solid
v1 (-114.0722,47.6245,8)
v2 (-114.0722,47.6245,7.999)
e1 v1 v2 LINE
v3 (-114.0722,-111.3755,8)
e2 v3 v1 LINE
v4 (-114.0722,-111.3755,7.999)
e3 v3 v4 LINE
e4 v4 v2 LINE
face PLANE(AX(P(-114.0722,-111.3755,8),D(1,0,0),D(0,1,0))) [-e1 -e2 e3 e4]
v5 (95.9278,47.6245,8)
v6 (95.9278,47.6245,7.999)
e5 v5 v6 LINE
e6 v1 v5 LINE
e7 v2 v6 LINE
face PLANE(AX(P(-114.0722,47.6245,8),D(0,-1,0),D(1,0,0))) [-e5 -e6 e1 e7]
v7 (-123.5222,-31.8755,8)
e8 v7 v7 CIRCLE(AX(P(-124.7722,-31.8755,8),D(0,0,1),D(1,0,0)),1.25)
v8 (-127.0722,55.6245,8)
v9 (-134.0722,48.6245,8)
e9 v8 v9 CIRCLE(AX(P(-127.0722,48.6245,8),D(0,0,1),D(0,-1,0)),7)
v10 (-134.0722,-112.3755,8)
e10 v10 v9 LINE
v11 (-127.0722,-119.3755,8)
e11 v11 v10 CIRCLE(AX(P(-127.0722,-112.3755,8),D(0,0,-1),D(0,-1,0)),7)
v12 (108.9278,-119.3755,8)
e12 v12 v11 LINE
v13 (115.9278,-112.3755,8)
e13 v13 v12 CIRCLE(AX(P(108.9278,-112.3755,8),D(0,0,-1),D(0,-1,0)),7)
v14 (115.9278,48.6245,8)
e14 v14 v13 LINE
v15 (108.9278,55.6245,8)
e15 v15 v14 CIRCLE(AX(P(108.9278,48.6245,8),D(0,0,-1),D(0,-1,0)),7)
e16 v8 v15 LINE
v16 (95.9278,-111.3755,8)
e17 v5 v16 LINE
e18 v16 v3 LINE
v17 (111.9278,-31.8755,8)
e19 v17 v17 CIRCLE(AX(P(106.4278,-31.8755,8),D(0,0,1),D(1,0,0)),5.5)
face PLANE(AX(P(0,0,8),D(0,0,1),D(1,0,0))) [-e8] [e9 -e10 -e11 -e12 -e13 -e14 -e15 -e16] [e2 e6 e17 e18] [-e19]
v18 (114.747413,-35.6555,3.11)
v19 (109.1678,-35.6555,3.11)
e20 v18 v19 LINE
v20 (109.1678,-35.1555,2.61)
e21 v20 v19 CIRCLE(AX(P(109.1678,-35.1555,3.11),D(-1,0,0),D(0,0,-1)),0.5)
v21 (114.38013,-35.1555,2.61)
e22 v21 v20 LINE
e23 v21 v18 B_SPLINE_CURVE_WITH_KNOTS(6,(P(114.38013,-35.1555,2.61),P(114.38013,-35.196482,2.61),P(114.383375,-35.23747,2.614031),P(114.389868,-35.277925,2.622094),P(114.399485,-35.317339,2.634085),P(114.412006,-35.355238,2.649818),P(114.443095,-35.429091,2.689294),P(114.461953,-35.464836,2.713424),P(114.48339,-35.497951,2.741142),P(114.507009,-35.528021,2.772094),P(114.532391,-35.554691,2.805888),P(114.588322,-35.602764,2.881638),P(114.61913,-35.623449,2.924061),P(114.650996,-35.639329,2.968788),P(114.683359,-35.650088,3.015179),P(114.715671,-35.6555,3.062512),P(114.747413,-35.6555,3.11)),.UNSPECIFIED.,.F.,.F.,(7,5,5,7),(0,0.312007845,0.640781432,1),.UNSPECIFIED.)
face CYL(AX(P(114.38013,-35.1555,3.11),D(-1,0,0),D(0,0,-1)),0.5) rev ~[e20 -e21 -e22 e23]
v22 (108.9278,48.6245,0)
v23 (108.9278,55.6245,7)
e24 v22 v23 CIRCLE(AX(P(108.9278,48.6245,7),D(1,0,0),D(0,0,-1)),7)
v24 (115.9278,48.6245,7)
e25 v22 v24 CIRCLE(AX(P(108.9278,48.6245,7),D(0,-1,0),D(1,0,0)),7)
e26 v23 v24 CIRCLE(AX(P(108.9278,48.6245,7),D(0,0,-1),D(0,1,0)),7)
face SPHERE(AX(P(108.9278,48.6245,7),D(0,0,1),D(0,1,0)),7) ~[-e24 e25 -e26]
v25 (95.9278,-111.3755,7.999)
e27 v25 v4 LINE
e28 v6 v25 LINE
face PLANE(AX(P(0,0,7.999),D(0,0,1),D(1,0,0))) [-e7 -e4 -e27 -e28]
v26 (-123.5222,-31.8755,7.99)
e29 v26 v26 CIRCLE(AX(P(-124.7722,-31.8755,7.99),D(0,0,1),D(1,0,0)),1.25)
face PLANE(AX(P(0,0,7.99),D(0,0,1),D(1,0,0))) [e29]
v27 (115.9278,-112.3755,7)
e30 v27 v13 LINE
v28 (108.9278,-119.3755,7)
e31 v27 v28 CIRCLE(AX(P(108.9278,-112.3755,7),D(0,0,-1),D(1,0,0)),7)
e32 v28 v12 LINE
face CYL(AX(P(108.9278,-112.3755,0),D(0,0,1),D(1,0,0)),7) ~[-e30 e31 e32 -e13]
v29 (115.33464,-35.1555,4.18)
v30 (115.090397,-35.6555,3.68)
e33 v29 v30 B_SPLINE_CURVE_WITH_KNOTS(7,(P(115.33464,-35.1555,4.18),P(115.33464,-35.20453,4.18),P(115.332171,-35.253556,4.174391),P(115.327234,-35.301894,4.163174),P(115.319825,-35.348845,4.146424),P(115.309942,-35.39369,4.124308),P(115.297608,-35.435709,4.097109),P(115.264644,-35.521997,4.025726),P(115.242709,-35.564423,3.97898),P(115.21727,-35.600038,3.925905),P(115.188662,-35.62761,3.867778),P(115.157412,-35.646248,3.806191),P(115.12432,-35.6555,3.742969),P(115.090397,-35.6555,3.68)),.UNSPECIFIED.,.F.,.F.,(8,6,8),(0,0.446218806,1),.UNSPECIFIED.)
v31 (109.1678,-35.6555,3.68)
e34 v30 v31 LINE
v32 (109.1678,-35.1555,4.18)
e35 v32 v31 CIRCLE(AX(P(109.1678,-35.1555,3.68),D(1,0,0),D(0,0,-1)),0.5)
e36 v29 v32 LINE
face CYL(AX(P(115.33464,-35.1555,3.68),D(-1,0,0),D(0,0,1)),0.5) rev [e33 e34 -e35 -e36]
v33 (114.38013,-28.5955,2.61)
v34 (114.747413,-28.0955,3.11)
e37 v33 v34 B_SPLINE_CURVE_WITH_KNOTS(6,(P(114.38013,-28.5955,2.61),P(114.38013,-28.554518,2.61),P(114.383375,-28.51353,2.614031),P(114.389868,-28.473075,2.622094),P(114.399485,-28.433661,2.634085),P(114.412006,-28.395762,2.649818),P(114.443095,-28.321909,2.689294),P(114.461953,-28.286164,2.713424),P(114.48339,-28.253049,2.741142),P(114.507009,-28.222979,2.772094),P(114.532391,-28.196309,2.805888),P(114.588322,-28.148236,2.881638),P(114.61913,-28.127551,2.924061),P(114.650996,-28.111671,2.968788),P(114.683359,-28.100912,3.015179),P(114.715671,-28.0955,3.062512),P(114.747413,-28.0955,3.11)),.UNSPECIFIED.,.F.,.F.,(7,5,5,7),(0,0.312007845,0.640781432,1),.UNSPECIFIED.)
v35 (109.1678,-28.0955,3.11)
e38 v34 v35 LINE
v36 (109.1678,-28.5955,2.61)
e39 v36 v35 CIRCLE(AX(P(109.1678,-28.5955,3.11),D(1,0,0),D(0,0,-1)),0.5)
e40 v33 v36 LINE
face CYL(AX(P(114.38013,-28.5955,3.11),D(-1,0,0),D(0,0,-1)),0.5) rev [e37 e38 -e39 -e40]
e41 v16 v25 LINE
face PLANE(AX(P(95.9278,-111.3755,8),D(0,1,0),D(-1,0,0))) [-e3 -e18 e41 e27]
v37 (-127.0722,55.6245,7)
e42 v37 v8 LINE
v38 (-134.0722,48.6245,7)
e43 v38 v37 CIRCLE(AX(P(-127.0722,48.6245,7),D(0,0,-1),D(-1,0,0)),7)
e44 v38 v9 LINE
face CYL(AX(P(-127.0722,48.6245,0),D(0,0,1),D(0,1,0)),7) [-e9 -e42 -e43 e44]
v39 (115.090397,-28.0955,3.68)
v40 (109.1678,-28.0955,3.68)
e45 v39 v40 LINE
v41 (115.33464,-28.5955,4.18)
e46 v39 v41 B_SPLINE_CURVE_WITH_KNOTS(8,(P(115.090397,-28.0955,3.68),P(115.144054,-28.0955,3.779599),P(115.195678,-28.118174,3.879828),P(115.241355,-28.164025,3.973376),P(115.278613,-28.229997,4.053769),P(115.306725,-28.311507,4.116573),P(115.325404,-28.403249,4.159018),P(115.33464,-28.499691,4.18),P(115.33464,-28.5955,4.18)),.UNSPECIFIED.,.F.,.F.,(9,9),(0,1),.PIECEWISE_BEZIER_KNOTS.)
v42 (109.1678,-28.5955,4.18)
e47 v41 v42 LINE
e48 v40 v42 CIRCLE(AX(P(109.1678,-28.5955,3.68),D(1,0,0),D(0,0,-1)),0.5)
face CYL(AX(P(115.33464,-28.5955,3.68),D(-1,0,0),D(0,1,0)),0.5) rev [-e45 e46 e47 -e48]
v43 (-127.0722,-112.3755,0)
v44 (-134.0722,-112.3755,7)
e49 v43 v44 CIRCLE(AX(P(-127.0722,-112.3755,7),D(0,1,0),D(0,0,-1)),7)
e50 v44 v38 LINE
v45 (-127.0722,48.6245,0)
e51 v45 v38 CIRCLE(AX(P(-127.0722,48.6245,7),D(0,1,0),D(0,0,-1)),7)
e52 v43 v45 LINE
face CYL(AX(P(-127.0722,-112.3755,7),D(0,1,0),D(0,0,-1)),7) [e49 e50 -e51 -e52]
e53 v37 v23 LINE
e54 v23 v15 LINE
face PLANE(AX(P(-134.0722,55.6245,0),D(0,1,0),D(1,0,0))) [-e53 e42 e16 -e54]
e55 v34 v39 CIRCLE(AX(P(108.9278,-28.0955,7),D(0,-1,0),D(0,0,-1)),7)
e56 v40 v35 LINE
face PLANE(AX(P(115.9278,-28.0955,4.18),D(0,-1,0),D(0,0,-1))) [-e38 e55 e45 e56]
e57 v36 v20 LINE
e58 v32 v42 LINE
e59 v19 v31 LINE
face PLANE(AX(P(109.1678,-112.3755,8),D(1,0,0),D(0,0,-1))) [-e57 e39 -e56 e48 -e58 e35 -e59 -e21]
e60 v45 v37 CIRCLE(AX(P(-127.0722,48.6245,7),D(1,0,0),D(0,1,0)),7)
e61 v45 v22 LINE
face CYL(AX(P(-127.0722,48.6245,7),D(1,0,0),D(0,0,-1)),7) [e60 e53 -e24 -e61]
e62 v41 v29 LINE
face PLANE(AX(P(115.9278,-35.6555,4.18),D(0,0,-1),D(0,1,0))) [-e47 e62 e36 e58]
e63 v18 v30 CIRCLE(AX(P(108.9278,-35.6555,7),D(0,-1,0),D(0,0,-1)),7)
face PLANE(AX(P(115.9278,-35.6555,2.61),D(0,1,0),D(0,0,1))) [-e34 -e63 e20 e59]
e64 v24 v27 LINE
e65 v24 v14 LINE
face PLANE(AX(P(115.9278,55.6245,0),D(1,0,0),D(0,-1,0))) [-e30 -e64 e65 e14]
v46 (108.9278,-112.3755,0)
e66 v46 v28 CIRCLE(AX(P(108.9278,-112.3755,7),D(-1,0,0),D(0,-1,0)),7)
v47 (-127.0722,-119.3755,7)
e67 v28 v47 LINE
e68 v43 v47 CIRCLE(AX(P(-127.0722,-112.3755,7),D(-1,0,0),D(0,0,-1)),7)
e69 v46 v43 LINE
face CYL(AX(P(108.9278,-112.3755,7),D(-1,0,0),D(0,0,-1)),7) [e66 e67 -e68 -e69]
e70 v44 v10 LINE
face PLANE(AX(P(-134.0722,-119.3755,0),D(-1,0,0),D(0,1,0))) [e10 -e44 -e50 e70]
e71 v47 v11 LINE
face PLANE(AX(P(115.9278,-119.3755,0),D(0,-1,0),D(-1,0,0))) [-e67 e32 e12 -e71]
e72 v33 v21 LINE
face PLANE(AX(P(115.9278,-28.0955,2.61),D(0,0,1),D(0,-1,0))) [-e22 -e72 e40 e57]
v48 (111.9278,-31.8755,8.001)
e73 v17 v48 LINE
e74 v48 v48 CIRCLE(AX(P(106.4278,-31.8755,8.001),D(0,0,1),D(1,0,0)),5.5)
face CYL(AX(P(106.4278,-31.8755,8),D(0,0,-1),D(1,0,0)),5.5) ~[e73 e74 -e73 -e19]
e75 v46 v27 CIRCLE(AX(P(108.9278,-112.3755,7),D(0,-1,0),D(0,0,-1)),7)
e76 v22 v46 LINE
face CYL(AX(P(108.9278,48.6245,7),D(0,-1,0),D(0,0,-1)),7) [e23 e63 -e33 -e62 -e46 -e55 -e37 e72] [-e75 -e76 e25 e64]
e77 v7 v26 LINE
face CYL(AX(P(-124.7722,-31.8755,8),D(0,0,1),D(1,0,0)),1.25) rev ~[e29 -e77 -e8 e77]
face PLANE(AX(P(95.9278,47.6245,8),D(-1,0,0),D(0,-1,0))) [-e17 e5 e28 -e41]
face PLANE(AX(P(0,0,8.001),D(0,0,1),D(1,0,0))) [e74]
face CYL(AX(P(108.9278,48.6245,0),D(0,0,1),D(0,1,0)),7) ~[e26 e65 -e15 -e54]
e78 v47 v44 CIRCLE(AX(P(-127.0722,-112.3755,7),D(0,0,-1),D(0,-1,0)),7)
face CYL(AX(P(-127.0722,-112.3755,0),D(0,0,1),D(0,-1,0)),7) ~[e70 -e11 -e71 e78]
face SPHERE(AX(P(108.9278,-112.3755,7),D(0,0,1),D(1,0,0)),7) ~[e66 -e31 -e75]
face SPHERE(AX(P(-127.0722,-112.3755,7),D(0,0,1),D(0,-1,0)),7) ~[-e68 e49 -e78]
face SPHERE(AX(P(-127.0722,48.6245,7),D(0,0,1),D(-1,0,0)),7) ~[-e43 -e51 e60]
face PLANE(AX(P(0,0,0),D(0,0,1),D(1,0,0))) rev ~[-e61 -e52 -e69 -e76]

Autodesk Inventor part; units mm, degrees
ref_plane "YZ Plane" through (0, 0, 0) normal (1, 0, 0) x (0, 1, 0)
ref_plane "XZ Plane" through (0, 0, 0) normal (0, 1, 0) x (-1, 0, 0)
ref_plane "XY Plane" through (0, 0, 0) normal (0, 0, 1) x (1, 0, 0)
sketch "スケッチ1" plane through (0, 0, 0) normal (0, 0, 1) x (1, 0, 0)
  line L0 (-134.0722, 55.6245) -> (115.9278, 55.6245)
  line L1 (115.9278, 55.6245) -> (115.9278, -119.3755)
  line L2 (115.9278, -119.3755) -> (-134.0722, -119.3755)
  line L3 (-134.0722, -119.3755) -> (-134.0722, 55.6245)
  point P0 (0, 0)
  dimension "d0" = 250
  dimension "d1" = 175
extrude "押し出し1" add sketch "スケッチ1" along normal blind 8
fillet "フィレット1" radius 7 4 edges at (115.9278, 55.6245, 4) (-134.0722, 55.6245, 4) (-134.0722, -119.3755, 4) (115.9278, -119.3755, 4)
fillet "フィレット2" radius 7 8 edges at (-134.0722, -31.8755, 0) (-132.0219, -117.3252, 0) (-9.0722, -119.3755, 0) (113.8775, -117.3252, 0) (115.9278, -31.8755, 0) (113.8775, 53.5743, 0) (-9.0722, 55.6245, 0) (-132.0219, 53.5743, 0)
sketch "スケッチ2" plane through (0, 0, 8) normal (0, 0, 1) x (1, 0, 0)
  line L0 (-114.0722, 47.6245) -> (95.9278, 47.6245)
  line L1 (95.9278, 47.6245) -> (95.9278, -111.3755)
  line L2 (95.9278, -111.3755) -> (-114.0722, -111.3755)
  line L3 (-114.0722, -111.3755) -> (-114.0722, 47.6245)
  line L4 (-134.0722, 48.6245) -> (-134.0722, -112.3755) projected
  line L5 (115.9278, -112.3755) -> (115.9278, 48.6245) projected
  line L6 (108.9278, 55.6245) -> (-127.0722, 55.6245) projected
  line L7 (-127.0722, -119.3755) -> (108.9278, -119.3755) projected
  dimension "d6" = 20
  dimension "d7" = 20
  dimension "d8" = 8
  dimension "d9" = 8
extrude "押し出し2" cut sketch "スケッチ2" against normal blind 0.001
sketch "スケッチ3" plane through (0, 0, 8) normal (0, 0, 1) x (1, 0, 0)
  line L0 (-127.0722, -119.3755) -> (108.9278, -119.3755) projected
  line L1 (108.9278, 55.6245) -> (-127.0722, 55.6245) projected
  circle A0 centre (106.4278, -31.8755) radius 5.5
  line L2 (115.9278, -112.3755) -> (115.9278, 48.6245) projected
  point P0 (0, 0)
  dimension "d12" = 11
  dimension "d13" = 87.5
  dimension "d14" = 9.5
extrude "押し出し3" add sketch "スケッチ3" along normal blind 0.001
sketch "スケッチ4" plane through (115.9278, -112.3755, 8) normal (1, 0, 0) x (0, 0, -1)
  line L0 (8, 0) -> (8, 161) projected
  line L1 (0, 0) -> (0, 161) projected
  line L2 (5.39, 76.72) -> (3.82, 76.72)
  line L3 (3.82, 76.72) -> (3.82, 84.28)
  line L4 (3.82, 84.28) -> (5.39, 84.28)
  line L5 (5.39, 84.28) -> (5.39, 76.72)
  point P0 (8, 112.3755)
  dimension "d17" = 1.57
  dimension "d18" = 7.56
  dimension "d19" = 3.82
  dimension "d20" = 76.72
extrude "押し出し4" cut sketch "スケッチ4" against normal blind 6.76
fillet "フィレット3" radius 0.5 4 edges at (112.2512, -28.0955, 4.18) (111.774, -28.0955, 2.61) (112.2512, -35.6555, 4.18) (111.774, -35.6555, 2.61)
sketch "スケッチ5" plane through (0, 0, 8) normal (0, 0, 1) x (1, 0, 0)
  circle A0 centre (-124.7722, -31.8755) radius 1.25
  line L0 (-134.0722, 48.6245) -> (-134.0722, -112.3755) projected
  line L1 (108.9278, 55.6245) -> (-127.0722, 55.6245) projected
  point P0 (0, 0)
  dimension "d24" = 2.5
  dimension "d25" = 9.3
  dimension "d26" = 87.5
extrude "押し出し5" cut sketch "スケッチ5" against normal blind 0.01
properties part number "iPadModelA2197"
